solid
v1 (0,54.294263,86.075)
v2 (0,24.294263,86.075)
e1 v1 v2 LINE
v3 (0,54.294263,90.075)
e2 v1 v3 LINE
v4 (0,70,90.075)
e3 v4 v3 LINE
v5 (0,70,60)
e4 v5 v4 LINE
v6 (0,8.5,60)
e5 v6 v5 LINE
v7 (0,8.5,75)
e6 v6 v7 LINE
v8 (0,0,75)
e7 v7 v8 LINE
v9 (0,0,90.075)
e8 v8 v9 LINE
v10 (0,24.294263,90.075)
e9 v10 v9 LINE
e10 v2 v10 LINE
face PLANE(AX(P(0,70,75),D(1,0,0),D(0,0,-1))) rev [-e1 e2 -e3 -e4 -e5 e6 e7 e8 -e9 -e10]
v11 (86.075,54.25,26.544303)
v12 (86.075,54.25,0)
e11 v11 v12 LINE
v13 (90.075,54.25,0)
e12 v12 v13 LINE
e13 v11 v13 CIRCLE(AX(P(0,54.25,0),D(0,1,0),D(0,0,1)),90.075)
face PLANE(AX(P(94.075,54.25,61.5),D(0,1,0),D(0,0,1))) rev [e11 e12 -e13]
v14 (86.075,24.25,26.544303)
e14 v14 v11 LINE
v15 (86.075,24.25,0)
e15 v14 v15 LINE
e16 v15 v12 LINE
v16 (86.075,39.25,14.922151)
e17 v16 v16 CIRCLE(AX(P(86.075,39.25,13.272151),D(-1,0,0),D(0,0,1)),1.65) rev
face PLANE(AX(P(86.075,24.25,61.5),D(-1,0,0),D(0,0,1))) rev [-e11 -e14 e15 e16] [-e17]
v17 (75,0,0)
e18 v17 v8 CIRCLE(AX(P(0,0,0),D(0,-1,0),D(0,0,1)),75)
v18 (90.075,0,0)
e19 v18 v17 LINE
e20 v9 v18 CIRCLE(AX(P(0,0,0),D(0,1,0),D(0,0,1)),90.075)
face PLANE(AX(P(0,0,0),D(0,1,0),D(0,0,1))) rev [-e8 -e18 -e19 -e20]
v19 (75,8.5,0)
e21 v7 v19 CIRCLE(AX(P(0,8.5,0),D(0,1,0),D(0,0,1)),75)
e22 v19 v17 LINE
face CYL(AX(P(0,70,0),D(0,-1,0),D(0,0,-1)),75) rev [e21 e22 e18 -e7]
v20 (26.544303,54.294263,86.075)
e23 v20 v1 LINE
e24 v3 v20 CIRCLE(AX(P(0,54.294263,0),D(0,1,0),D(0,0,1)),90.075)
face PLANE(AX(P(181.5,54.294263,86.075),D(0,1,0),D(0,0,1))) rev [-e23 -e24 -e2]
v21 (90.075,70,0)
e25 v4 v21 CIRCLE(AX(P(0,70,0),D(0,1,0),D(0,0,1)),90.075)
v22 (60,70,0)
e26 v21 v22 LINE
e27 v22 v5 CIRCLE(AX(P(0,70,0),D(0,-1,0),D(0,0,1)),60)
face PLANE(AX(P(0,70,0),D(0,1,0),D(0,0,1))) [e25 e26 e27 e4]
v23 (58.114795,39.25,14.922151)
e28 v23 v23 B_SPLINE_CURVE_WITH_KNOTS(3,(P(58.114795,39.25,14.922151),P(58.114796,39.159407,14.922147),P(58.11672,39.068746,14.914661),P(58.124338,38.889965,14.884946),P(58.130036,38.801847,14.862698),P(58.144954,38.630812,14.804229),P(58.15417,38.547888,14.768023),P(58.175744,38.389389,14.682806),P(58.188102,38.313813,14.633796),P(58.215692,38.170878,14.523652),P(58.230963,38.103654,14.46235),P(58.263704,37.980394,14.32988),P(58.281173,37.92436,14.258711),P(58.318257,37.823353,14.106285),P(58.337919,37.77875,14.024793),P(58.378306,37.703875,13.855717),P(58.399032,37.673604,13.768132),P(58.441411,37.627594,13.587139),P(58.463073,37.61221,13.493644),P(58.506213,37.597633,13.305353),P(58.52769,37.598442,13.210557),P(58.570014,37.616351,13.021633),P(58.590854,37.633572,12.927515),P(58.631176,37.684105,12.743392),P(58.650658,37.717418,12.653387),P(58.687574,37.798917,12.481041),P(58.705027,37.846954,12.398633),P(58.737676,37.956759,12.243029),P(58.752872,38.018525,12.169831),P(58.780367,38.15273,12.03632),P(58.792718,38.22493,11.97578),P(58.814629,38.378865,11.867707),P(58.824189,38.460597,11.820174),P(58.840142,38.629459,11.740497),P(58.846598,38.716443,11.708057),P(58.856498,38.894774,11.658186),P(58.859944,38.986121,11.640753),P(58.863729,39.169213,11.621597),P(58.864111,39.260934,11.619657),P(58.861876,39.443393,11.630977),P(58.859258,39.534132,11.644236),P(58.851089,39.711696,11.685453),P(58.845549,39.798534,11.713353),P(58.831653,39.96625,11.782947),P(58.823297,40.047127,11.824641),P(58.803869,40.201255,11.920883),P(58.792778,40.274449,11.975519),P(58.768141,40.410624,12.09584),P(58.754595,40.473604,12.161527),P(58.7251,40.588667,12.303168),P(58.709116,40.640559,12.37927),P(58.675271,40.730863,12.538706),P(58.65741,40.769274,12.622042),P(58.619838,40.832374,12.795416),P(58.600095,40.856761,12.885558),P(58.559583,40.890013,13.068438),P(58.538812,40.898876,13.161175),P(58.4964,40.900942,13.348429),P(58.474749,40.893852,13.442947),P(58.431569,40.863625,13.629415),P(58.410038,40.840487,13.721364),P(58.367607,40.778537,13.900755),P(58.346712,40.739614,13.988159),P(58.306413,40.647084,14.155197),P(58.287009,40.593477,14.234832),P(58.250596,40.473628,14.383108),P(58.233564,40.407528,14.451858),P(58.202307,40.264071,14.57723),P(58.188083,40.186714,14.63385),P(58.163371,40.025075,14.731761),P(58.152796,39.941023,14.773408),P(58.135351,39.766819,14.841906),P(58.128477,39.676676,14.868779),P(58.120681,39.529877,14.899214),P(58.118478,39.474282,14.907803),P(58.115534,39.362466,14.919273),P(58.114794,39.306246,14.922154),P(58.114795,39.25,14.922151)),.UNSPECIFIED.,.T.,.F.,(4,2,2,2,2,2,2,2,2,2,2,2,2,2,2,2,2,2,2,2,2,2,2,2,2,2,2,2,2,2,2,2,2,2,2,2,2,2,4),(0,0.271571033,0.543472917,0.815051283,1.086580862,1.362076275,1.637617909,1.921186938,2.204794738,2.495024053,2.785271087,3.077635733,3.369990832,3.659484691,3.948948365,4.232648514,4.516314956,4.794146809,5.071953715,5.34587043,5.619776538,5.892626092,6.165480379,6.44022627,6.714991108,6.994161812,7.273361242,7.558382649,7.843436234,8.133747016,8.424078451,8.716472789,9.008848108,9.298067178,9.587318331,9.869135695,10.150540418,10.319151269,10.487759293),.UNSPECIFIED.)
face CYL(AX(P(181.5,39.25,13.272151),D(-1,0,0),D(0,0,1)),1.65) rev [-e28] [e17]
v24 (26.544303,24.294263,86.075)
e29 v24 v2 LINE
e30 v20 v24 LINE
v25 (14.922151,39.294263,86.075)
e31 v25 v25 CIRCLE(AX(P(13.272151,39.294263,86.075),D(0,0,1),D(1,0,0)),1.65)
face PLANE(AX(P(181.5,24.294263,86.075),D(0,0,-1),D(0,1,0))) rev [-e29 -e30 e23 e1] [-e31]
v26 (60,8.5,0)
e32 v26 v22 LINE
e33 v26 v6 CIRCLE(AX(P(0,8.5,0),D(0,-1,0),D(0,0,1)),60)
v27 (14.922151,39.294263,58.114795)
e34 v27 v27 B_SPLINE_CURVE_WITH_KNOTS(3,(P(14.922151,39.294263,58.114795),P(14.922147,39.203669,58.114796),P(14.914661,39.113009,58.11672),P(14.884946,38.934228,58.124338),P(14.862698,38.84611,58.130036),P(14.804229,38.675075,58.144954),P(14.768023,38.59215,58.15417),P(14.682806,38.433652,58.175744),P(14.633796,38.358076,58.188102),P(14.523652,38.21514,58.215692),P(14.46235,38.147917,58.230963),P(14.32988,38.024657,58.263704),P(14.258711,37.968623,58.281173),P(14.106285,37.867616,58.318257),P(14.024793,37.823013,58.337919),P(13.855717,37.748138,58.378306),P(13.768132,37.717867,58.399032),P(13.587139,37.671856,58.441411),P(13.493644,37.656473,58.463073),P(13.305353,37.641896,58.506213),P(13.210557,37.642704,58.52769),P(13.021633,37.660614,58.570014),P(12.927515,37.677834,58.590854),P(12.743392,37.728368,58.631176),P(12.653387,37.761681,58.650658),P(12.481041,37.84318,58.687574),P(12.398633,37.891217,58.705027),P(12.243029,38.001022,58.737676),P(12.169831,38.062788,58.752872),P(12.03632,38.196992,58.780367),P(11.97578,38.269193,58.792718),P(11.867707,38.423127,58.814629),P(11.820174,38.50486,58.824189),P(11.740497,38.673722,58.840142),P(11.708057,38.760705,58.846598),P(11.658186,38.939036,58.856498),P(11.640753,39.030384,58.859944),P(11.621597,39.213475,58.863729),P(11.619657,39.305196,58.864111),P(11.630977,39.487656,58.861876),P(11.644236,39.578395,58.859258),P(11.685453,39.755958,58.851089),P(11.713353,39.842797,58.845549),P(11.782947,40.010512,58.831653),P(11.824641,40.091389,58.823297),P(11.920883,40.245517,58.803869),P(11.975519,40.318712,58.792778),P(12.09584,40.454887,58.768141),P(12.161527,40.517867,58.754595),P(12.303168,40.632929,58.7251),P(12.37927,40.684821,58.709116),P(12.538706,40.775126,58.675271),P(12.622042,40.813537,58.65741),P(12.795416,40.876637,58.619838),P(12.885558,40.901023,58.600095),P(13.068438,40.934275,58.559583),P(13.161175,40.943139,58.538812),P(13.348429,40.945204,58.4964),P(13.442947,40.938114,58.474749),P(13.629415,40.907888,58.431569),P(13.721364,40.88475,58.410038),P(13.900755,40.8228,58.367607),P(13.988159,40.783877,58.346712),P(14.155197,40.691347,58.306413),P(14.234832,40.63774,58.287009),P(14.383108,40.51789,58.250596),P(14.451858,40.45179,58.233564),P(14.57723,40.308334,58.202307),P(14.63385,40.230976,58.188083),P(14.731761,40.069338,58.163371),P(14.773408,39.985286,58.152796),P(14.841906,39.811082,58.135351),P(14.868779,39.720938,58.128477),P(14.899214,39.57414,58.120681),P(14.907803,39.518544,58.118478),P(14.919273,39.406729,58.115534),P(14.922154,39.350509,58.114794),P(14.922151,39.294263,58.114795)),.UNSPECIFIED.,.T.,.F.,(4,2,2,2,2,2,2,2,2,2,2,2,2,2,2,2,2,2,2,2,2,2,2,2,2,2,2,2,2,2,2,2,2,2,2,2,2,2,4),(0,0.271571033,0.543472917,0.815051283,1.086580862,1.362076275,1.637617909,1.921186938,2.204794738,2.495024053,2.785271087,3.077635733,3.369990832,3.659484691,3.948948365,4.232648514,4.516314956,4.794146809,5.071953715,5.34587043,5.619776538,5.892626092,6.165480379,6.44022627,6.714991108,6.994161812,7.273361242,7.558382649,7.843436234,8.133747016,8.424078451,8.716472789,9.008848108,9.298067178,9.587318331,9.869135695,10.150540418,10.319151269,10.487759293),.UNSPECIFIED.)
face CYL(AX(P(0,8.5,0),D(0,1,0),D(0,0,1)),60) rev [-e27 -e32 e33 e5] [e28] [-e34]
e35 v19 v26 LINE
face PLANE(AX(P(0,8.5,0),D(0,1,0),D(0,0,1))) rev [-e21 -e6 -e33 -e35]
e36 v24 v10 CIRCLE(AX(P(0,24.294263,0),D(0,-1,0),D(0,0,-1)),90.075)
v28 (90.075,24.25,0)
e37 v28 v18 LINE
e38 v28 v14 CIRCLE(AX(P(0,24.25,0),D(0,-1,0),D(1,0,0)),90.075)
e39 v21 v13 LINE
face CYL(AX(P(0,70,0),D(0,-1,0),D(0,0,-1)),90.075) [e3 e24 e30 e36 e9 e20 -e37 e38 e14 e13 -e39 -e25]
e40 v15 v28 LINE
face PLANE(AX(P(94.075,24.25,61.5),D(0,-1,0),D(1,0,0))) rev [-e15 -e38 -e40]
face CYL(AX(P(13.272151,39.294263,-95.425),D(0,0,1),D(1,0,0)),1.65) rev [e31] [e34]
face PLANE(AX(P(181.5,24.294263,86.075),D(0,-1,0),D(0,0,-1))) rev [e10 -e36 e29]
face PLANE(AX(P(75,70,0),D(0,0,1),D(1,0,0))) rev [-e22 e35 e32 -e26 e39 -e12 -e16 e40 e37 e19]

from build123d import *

# Parameters (mm, degrees)
BASE_WALL_DEPTH     = 70
BASE_SUPPORT_START  = -61.5
BASE_SUPPORT_DEPTH  = 61.5
SKETCH4_W           = 8
SKETCH4_H           = 30
MOUNT_NOTCH_DEPTH   = 61.5
SKETCH5_R           = 1.65
SCREW_HOLE_M3_DEPTH = 181.5
SKETCH6_W           = 8
SKETCH6_H           = 30
CUT_EXTRUDE4_DEPTH  = 181.5
SKETCH7_R           = 1.65
CUT_EXTRUDE5_DEPTH  = 181.5


with BuildPart() as part:
    # Sketch1 → Base_Wall (new body)
    with BuildSketch(Plane(origin=(0, 0, 0), x_dir=(1, 0, 0), z_dir=(0, 1, 0))):
        with BuildLine():
            Line((75, 0), (90.075, 0))
            ThreePointArc((90.075, 0), (63.692643315, -63.692643315), (0, -90.075))
            Line((0, -90.075), (0, -75))
            ThreePointArc((0, -75), (53.033008589, -53.033008589), (75, 0))
        make_face()
    extrude(amount=BASE_WALL_DEPTH)

    # Sketch3 → Base_Support (add)
    with BuildSketch(Plane(origin=(0, 70, 0), x_dir=(1, 0, 0), z_dir=(0, 1, 0)).offset(BASE_SUPPORT_START)):
        with BuildLine():
            Line((0, -75), (0, -60))
            ThreePointArc((0, -60), (42.426406871, -42.426406871), (60, 0))
            Line((60, 0), (75, 0))
            ThreePointArc((75, 0), (53.033008589, -53.033008589), (0, -75))
        make_face()
    extrude(amount=BASE_SUPPORT_DEPTH)

    # Sketch4 → Mount-Notch (cut)
    with BuildSketch(Plane(origin=(0, 0, 0), x_dir=(-1, 0, 0), z_dir=(0, 0, -1))):
        with Locations((-90.075, 39.25)):
            Rectangle(SKETCH4_W, SKETCH4_H)
    extrude(amount=-MOUNT_NOTCH_DEPTH, mode=Mode.SUBTRACT)

    # Sketch5 → Screw-Hole-M3 (cut)
    with BuildSketch(Plane(origin=(0, 0, 0), x_dir=(0, 0, -1), z_dir=(1, 0, 0))):
        with Locations(Location((-13.272151295, 39.25, 0), (0, 0, 180))):
            Circle(SKETCH5_R)
    extrude(amount=SCREW_HOLE_M3_DEPTH, mode=Mode.SUBTRACT)

    # Sketch6 → Cut-Extrude4 (cut)
    with BuildSketch(Plane.ZY):
        with Locations((90.075, 39.294262642)):
            Rectangle(SKETCH6_W, SKETCH6_H)
    extrude(amount=-CUT_EXTRUDE4_DEPTH, mode=Mode.SUBTRACT)

    # Sketch7 → Cut-Extrude5 (cut)
    with BuildSketch(Plane.XY.offset(86.075)):
        with Locations((13.272151295, 39.294262642)):
            Circle(SKETCH7_R)
    extrude(amount=-CUT_EXTRUDE5_DEPTH, mode=Mode.SUBTRACT)


solid = part.part
